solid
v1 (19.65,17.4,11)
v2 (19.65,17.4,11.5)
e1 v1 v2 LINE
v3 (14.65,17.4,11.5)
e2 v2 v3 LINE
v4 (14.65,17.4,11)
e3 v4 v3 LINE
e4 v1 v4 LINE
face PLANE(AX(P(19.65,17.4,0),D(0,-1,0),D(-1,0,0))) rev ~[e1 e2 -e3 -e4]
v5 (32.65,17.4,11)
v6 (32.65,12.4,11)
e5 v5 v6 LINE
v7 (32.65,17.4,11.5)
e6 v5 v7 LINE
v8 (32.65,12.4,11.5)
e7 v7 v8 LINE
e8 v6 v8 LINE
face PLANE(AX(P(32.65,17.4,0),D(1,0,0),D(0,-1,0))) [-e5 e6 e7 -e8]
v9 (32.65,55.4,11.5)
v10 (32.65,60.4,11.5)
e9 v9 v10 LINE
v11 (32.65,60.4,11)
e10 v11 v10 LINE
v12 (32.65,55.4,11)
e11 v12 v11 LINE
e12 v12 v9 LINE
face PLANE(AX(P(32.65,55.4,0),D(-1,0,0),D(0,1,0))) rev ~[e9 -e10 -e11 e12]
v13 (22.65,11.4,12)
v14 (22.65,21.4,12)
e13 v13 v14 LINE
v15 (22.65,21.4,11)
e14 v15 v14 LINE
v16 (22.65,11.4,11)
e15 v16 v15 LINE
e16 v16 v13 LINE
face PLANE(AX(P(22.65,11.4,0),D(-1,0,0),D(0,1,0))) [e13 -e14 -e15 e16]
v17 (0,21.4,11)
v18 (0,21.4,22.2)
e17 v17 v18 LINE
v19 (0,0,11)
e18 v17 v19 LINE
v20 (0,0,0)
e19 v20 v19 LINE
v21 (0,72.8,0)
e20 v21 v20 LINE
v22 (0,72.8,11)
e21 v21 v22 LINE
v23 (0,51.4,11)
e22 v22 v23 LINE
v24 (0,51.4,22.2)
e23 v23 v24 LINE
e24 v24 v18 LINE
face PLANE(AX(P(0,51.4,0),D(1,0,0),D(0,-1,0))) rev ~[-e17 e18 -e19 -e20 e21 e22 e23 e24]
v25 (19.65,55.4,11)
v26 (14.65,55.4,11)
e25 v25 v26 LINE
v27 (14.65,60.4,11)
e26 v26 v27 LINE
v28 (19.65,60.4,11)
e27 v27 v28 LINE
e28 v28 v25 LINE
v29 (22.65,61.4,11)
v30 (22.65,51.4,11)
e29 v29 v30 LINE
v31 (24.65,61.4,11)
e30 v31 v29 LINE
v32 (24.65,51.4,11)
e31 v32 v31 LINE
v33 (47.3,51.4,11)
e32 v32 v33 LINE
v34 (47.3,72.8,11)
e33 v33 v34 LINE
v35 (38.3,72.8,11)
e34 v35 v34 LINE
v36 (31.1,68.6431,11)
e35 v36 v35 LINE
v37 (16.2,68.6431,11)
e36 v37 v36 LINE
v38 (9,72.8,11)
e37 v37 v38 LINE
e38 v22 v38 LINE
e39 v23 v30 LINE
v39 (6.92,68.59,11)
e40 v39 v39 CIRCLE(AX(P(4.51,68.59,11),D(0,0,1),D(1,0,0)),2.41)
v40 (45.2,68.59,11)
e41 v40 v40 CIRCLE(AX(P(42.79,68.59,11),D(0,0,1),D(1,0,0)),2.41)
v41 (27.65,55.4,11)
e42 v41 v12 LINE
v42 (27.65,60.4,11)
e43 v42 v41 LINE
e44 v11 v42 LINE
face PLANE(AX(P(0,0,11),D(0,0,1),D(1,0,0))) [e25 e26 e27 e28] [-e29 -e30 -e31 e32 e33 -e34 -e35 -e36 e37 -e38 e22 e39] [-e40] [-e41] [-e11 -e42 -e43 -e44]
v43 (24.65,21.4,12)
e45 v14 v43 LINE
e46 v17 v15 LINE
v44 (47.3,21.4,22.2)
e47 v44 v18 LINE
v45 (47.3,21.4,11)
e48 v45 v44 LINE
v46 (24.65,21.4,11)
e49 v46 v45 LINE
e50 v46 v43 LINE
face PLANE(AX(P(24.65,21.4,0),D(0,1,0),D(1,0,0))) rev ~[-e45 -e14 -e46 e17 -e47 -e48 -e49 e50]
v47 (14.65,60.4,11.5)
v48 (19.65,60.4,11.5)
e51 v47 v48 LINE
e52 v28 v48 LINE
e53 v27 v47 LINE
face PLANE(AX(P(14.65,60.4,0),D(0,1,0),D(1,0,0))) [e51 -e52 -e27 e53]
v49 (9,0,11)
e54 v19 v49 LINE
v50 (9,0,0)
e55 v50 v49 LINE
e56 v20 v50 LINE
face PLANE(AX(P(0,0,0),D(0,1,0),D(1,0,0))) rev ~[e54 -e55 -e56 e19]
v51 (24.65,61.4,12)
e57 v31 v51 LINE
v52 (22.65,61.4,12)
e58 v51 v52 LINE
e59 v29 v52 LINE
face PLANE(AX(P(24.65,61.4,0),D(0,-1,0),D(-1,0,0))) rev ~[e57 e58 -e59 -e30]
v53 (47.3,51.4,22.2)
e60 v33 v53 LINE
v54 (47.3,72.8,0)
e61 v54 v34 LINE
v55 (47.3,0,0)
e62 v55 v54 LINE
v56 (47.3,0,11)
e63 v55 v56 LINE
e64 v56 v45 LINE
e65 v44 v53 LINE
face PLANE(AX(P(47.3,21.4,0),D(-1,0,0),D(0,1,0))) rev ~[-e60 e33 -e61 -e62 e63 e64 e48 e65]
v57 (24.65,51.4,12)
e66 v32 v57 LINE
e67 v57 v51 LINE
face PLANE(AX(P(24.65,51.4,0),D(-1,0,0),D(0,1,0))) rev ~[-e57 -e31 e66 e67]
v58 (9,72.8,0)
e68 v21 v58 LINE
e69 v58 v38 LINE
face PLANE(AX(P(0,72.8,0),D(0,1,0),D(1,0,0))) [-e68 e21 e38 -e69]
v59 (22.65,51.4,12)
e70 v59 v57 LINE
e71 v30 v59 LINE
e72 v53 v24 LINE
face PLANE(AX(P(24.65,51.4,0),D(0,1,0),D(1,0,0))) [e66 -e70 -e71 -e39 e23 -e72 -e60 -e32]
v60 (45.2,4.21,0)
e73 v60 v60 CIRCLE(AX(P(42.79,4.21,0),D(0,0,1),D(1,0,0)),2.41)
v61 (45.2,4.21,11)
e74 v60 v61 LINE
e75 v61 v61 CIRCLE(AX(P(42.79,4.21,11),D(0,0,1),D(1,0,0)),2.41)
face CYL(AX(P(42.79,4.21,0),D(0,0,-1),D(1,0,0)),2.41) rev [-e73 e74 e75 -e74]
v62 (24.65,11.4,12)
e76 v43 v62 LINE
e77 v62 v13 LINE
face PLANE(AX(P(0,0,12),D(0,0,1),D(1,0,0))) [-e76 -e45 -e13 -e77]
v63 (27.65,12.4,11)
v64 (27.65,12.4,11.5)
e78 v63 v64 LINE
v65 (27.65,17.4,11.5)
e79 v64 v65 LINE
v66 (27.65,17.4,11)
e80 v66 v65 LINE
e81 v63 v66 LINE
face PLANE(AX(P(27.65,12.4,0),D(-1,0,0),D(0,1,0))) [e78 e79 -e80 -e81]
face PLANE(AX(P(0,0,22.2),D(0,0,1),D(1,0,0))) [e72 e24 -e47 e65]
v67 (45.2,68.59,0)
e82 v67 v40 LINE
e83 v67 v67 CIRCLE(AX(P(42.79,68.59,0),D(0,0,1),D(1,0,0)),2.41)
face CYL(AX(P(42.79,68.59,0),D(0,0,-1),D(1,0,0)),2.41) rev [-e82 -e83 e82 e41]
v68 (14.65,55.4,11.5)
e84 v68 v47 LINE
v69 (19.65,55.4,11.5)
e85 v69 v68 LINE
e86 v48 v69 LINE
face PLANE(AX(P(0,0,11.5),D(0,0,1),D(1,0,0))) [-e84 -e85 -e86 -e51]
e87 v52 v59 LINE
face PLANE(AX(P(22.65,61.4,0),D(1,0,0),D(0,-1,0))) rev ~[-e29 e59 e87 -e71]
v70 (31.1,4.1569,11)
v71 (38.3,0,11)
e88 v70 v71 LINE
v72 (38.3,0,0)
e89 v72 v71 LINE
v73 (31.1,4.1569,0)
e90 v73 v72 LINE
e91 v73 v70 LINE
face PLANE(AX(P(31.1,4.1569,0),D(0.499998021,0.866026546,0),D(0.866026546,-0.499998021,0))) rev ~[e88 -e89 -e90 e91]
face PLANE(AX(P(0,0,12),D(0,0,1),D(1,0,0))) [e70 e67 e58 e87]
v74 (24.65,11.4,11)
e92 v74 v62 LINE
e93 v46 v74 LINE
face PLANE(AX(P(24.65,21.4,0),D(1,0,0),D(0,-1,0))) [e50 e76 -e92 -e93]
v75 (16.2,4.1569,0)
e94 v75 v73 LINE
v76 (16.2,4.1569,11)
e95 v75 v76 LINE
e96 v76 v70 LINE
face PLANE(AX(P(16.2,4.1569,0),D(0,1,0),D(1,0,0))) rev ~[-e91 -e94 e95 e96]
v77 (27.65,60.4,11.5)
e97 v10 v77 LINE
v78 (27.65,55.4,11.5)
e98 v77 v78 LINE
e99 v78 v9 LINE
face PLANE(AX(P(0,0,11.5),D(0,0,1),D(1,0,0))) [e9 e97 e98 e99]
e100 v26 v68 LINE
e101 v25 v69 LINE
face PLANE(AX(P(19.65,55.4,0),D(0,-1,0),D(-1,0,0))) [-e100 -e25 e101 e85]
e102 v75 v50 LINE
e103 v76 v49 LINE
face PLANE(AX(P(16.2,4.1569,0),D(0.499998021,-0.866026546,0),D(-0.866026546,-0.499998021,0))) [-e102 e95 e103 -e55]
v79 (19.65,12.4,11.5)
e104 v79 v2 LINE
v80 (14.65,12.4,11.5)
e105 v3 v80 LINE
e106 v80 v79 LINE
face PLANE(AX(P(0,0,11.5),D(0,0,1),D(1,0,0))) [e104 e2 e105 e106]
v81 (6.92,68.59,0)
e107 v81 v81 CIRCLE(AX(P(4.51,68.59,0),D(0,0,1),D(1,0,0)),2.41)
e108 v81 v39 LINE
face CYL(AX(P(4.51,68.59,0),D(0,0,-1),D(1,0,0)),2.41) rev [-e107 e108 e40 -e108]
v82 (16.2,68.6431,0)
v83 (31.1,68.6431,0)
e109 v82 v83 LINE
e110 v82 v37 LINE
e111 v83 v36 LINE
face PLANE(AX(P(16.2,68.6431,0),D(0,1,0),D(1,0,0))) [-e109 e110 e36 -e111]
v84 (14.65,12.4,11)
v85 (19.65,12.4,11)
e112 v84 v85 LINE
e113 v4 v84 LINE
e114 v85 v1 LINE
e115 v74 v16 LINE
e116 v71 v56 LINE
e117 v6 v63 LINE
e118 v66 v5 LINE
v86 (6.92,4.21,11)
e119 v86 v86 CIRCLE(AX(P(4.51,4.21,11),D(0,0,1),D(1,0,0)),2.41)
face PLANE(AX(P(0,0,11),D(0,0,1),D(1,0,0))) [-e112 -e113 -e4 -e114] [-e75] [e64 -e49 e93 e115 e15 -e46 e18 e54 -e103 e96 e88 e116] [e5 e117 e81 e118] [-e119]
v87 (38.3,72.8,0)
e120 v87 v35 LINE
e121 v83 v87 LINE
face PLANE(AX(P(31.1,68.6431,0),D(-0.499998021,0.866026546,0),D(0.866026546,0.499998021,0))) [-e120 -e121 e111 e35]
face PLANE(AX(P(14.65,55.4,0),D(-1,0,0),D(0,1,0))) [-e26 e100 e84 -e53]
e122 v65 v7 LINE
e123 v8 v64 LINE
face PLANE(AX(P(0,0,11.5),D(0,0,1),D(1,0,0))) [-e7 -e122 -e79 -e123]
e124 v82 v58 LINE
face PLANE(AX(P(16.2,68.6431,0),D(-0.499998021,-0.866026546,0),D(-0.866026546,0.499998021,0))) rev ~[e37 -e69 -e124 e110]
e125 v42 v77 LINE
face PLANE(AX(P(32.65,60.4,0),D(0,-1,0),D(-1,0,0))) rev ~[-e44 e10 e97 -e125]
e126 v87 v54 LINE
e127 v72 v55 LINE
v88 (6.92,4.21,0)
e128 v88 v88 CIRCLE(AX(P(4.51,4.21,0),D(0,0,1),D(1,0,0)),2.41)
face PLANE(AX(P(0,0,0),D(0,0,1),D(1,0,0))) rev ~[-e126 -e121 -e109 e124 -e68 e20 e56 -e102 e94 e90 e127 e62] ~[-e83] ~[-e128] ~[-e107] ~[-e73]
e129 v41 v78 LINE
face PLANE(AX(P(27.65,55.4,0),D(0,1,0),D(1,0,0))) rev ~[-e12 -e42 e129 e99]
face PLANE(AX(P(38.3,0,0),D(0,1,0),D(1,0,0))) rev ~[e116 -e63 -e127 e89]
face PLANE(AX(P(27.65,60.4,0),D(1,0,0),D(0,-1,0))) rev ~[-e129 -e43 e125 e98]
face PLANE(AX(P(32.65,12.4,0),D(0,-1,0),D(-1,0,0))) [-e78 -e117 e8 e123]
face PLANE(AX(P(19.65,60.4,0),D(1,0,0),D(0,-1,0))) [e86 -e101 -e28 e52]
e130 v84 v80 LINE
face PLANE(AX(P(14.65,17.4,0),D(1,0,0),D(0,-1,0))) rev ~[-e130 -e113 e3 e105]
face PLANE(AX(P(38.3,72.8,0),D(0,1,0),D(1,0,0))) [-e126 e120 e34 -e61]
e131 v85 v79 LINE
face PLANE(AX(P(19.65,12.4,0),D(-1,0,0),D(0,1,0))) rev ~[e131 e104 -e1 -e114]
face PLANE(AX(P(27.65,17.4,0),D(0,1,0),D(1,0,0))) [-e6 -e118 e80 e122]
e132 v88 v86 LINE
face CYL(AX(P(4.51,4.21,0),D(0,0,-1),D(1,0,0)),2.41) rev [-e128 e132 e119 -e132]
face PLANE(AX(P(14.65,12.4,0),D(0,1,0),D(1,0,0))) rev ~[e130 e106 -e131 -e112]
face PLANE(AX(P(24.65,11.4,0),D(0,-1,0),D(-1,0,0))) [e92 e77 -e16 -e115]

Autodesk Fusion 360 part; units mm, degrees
sketch "Sketch1" plane through (0, 0, 0) normal (0, 0, 1) x (1, 0, 0)
  line L0 (47.3, 0) -> (47.3, 72.8)
  line L1 (0, 72.8) -> (0, 0)
  circle A0 centre (4.51, 4.21) radius 2.41
  line L2 (0, 36.4) -> (47.3, 36.4) construction
  line L3 (0, 21.4) -> (47.3, 21.4)
  line L4 (23.65, 72.8) -> (23.65, -0.0931) construction
  line L5 (16.2, 4.1569) -> (31.1, 4.1569)
  line L6 (16.2, 4.1569) -> (9, 0)
  line L7 (31.1, 4.1569) -> (38.3, 0)
  circle A1 centre (42.79, 4.21) radius 2.41
  line L8 (0, 0) -> (9, 0)
  line L9 (38.3, 0) -> (47.3, 0)
  line L10 (0, 72.8) -> (47.3, 72.8) construction
  line L11 (22.65, 21.4) -> (24.65, 21.4)
  line L12 (24.65, 21.4) -> (24.65, 11.4)
  line L13 (24.65, 11.4) -> (22.65, 11.4)
  line L14 (22.65, 11.4) -> (22.65, 21.4)
  line L15 (19.65, 17.4) -> (14.65, 17.4)
  line L16 (14.65, 17.4) -> (14.65, 12.4)
  line L17 (14.65, 12.4) -> (19.65, 12.4)
  line L18 (19.65, 12.4) -> (19.65, 17.4)
  line L19 (32.65, 12.4) -> (27.65, 12.4)
  line L20 (27.65, 12.4) -> (27.65, 17.4)
  line L21 (32.65, 17.4) -> (32.65, 12.4)
  line L22 (27.65, 17.4) -> (32.65, 17.4)
  line L23 (16.2, 68.6431) -> (31.1, 68.6431)
  line L24 (14.65, 55.4) -> (14.65, 60.4)
  line L25 (38.3, 72.8) -> (47.3, 72.8)
  line L26 (24.65, 51.4) -> (24.65, 61.4)
  line L27 (27.65, 60.4) -> (27.65, 55.4)
  line L28 (22.65, 61.4) -> (22.65, 51.4)
  line L29 (16.2, 68.6431) -> (9, 72.8)
  line L30 (19.65, 60.4) -> (19.65, 55.4)
  line L31 (32.65, 60.4) -> (27.65, 60.4)
  line L32 (31.1, 68.6431) -> (38.3, 72.8)
  line L33 (19.65, 55.4) -> (14.65, 55.4)
  line L34 (14.65, 60.4) -> (19.65, 60.4)
  line L35 (24.65, 61.4) -> (22.65, 61.4)
  circle A2 centre (42.79, 68.59) radius 2.41
  line L36 (32.65, 55.4) -> (32.65, 60.4)
  line L37 (0, 72.8) -> (9, 72.8)
  line L38 (23.65, 0) -> (23.65, 72.8931) construction
  line L39 (27.65, 55.4) -> (32.65, 55.4)
  circle A3 centre (4.51, 68.59) radius 2.41
  line L40 (0, 51.4) -> (47.3, 51.4)
  point P0 (23.65, 4.1569)
  point P1 (23.65, 21.4)
  point P2 (0, 72.8)
  point P3 (23.65, 68.6431)
  dimension "d1" = 47.3
  dimension "d2" = 72.8
  dimension "d3" = 4.82
  dimension "d4" = 4.51
  dimension "d5" = 4.21
  dimension "d6" = 15
  dimension "d7" = 16.2
  dimension "d8" = 4.25
  dimension "d9" = 30
  dimension "d10" = 9
  dimension "d11" = 2
  dimension "d12" = 10
  dimension "d13" = 5
  dimension "d14" = 5
  dimension "d15" = 4
  dimension "d16" = 4
extrude "Extrude1" add sketch "Sketch1" along normal blind 22.2 contours L0 L1 L3 L11 L40
extrude "Extrude2" add sketch "Sketch1" along normal blind 12 contours L3 L11 L12 L13 L14 | L26 L28 L35 L40
extrude "Extrude3" add sketch "Sketch1" along normal blind 11 contours L0 L1 L3 L5 L6 L7 L8 L9 L12 L13 L14 | L0 L1 L23 L25 L26 L28 L29 L32 L35 L37 L40
extrude "Extrude4" add sketch "Sketch1" along normal blind 11.5 contours L15 L16 L17 L18 | L19 L20 L21 L22 | L24 L30 L33 L34 | L27 L31 L36 L39
equation "d4 = ( 4.82 / 2 ) * 1 mm + 2.1 mm"
equation "d5 = ( 4.82 / 2 ) * 1 mm + 1.8 mm"
